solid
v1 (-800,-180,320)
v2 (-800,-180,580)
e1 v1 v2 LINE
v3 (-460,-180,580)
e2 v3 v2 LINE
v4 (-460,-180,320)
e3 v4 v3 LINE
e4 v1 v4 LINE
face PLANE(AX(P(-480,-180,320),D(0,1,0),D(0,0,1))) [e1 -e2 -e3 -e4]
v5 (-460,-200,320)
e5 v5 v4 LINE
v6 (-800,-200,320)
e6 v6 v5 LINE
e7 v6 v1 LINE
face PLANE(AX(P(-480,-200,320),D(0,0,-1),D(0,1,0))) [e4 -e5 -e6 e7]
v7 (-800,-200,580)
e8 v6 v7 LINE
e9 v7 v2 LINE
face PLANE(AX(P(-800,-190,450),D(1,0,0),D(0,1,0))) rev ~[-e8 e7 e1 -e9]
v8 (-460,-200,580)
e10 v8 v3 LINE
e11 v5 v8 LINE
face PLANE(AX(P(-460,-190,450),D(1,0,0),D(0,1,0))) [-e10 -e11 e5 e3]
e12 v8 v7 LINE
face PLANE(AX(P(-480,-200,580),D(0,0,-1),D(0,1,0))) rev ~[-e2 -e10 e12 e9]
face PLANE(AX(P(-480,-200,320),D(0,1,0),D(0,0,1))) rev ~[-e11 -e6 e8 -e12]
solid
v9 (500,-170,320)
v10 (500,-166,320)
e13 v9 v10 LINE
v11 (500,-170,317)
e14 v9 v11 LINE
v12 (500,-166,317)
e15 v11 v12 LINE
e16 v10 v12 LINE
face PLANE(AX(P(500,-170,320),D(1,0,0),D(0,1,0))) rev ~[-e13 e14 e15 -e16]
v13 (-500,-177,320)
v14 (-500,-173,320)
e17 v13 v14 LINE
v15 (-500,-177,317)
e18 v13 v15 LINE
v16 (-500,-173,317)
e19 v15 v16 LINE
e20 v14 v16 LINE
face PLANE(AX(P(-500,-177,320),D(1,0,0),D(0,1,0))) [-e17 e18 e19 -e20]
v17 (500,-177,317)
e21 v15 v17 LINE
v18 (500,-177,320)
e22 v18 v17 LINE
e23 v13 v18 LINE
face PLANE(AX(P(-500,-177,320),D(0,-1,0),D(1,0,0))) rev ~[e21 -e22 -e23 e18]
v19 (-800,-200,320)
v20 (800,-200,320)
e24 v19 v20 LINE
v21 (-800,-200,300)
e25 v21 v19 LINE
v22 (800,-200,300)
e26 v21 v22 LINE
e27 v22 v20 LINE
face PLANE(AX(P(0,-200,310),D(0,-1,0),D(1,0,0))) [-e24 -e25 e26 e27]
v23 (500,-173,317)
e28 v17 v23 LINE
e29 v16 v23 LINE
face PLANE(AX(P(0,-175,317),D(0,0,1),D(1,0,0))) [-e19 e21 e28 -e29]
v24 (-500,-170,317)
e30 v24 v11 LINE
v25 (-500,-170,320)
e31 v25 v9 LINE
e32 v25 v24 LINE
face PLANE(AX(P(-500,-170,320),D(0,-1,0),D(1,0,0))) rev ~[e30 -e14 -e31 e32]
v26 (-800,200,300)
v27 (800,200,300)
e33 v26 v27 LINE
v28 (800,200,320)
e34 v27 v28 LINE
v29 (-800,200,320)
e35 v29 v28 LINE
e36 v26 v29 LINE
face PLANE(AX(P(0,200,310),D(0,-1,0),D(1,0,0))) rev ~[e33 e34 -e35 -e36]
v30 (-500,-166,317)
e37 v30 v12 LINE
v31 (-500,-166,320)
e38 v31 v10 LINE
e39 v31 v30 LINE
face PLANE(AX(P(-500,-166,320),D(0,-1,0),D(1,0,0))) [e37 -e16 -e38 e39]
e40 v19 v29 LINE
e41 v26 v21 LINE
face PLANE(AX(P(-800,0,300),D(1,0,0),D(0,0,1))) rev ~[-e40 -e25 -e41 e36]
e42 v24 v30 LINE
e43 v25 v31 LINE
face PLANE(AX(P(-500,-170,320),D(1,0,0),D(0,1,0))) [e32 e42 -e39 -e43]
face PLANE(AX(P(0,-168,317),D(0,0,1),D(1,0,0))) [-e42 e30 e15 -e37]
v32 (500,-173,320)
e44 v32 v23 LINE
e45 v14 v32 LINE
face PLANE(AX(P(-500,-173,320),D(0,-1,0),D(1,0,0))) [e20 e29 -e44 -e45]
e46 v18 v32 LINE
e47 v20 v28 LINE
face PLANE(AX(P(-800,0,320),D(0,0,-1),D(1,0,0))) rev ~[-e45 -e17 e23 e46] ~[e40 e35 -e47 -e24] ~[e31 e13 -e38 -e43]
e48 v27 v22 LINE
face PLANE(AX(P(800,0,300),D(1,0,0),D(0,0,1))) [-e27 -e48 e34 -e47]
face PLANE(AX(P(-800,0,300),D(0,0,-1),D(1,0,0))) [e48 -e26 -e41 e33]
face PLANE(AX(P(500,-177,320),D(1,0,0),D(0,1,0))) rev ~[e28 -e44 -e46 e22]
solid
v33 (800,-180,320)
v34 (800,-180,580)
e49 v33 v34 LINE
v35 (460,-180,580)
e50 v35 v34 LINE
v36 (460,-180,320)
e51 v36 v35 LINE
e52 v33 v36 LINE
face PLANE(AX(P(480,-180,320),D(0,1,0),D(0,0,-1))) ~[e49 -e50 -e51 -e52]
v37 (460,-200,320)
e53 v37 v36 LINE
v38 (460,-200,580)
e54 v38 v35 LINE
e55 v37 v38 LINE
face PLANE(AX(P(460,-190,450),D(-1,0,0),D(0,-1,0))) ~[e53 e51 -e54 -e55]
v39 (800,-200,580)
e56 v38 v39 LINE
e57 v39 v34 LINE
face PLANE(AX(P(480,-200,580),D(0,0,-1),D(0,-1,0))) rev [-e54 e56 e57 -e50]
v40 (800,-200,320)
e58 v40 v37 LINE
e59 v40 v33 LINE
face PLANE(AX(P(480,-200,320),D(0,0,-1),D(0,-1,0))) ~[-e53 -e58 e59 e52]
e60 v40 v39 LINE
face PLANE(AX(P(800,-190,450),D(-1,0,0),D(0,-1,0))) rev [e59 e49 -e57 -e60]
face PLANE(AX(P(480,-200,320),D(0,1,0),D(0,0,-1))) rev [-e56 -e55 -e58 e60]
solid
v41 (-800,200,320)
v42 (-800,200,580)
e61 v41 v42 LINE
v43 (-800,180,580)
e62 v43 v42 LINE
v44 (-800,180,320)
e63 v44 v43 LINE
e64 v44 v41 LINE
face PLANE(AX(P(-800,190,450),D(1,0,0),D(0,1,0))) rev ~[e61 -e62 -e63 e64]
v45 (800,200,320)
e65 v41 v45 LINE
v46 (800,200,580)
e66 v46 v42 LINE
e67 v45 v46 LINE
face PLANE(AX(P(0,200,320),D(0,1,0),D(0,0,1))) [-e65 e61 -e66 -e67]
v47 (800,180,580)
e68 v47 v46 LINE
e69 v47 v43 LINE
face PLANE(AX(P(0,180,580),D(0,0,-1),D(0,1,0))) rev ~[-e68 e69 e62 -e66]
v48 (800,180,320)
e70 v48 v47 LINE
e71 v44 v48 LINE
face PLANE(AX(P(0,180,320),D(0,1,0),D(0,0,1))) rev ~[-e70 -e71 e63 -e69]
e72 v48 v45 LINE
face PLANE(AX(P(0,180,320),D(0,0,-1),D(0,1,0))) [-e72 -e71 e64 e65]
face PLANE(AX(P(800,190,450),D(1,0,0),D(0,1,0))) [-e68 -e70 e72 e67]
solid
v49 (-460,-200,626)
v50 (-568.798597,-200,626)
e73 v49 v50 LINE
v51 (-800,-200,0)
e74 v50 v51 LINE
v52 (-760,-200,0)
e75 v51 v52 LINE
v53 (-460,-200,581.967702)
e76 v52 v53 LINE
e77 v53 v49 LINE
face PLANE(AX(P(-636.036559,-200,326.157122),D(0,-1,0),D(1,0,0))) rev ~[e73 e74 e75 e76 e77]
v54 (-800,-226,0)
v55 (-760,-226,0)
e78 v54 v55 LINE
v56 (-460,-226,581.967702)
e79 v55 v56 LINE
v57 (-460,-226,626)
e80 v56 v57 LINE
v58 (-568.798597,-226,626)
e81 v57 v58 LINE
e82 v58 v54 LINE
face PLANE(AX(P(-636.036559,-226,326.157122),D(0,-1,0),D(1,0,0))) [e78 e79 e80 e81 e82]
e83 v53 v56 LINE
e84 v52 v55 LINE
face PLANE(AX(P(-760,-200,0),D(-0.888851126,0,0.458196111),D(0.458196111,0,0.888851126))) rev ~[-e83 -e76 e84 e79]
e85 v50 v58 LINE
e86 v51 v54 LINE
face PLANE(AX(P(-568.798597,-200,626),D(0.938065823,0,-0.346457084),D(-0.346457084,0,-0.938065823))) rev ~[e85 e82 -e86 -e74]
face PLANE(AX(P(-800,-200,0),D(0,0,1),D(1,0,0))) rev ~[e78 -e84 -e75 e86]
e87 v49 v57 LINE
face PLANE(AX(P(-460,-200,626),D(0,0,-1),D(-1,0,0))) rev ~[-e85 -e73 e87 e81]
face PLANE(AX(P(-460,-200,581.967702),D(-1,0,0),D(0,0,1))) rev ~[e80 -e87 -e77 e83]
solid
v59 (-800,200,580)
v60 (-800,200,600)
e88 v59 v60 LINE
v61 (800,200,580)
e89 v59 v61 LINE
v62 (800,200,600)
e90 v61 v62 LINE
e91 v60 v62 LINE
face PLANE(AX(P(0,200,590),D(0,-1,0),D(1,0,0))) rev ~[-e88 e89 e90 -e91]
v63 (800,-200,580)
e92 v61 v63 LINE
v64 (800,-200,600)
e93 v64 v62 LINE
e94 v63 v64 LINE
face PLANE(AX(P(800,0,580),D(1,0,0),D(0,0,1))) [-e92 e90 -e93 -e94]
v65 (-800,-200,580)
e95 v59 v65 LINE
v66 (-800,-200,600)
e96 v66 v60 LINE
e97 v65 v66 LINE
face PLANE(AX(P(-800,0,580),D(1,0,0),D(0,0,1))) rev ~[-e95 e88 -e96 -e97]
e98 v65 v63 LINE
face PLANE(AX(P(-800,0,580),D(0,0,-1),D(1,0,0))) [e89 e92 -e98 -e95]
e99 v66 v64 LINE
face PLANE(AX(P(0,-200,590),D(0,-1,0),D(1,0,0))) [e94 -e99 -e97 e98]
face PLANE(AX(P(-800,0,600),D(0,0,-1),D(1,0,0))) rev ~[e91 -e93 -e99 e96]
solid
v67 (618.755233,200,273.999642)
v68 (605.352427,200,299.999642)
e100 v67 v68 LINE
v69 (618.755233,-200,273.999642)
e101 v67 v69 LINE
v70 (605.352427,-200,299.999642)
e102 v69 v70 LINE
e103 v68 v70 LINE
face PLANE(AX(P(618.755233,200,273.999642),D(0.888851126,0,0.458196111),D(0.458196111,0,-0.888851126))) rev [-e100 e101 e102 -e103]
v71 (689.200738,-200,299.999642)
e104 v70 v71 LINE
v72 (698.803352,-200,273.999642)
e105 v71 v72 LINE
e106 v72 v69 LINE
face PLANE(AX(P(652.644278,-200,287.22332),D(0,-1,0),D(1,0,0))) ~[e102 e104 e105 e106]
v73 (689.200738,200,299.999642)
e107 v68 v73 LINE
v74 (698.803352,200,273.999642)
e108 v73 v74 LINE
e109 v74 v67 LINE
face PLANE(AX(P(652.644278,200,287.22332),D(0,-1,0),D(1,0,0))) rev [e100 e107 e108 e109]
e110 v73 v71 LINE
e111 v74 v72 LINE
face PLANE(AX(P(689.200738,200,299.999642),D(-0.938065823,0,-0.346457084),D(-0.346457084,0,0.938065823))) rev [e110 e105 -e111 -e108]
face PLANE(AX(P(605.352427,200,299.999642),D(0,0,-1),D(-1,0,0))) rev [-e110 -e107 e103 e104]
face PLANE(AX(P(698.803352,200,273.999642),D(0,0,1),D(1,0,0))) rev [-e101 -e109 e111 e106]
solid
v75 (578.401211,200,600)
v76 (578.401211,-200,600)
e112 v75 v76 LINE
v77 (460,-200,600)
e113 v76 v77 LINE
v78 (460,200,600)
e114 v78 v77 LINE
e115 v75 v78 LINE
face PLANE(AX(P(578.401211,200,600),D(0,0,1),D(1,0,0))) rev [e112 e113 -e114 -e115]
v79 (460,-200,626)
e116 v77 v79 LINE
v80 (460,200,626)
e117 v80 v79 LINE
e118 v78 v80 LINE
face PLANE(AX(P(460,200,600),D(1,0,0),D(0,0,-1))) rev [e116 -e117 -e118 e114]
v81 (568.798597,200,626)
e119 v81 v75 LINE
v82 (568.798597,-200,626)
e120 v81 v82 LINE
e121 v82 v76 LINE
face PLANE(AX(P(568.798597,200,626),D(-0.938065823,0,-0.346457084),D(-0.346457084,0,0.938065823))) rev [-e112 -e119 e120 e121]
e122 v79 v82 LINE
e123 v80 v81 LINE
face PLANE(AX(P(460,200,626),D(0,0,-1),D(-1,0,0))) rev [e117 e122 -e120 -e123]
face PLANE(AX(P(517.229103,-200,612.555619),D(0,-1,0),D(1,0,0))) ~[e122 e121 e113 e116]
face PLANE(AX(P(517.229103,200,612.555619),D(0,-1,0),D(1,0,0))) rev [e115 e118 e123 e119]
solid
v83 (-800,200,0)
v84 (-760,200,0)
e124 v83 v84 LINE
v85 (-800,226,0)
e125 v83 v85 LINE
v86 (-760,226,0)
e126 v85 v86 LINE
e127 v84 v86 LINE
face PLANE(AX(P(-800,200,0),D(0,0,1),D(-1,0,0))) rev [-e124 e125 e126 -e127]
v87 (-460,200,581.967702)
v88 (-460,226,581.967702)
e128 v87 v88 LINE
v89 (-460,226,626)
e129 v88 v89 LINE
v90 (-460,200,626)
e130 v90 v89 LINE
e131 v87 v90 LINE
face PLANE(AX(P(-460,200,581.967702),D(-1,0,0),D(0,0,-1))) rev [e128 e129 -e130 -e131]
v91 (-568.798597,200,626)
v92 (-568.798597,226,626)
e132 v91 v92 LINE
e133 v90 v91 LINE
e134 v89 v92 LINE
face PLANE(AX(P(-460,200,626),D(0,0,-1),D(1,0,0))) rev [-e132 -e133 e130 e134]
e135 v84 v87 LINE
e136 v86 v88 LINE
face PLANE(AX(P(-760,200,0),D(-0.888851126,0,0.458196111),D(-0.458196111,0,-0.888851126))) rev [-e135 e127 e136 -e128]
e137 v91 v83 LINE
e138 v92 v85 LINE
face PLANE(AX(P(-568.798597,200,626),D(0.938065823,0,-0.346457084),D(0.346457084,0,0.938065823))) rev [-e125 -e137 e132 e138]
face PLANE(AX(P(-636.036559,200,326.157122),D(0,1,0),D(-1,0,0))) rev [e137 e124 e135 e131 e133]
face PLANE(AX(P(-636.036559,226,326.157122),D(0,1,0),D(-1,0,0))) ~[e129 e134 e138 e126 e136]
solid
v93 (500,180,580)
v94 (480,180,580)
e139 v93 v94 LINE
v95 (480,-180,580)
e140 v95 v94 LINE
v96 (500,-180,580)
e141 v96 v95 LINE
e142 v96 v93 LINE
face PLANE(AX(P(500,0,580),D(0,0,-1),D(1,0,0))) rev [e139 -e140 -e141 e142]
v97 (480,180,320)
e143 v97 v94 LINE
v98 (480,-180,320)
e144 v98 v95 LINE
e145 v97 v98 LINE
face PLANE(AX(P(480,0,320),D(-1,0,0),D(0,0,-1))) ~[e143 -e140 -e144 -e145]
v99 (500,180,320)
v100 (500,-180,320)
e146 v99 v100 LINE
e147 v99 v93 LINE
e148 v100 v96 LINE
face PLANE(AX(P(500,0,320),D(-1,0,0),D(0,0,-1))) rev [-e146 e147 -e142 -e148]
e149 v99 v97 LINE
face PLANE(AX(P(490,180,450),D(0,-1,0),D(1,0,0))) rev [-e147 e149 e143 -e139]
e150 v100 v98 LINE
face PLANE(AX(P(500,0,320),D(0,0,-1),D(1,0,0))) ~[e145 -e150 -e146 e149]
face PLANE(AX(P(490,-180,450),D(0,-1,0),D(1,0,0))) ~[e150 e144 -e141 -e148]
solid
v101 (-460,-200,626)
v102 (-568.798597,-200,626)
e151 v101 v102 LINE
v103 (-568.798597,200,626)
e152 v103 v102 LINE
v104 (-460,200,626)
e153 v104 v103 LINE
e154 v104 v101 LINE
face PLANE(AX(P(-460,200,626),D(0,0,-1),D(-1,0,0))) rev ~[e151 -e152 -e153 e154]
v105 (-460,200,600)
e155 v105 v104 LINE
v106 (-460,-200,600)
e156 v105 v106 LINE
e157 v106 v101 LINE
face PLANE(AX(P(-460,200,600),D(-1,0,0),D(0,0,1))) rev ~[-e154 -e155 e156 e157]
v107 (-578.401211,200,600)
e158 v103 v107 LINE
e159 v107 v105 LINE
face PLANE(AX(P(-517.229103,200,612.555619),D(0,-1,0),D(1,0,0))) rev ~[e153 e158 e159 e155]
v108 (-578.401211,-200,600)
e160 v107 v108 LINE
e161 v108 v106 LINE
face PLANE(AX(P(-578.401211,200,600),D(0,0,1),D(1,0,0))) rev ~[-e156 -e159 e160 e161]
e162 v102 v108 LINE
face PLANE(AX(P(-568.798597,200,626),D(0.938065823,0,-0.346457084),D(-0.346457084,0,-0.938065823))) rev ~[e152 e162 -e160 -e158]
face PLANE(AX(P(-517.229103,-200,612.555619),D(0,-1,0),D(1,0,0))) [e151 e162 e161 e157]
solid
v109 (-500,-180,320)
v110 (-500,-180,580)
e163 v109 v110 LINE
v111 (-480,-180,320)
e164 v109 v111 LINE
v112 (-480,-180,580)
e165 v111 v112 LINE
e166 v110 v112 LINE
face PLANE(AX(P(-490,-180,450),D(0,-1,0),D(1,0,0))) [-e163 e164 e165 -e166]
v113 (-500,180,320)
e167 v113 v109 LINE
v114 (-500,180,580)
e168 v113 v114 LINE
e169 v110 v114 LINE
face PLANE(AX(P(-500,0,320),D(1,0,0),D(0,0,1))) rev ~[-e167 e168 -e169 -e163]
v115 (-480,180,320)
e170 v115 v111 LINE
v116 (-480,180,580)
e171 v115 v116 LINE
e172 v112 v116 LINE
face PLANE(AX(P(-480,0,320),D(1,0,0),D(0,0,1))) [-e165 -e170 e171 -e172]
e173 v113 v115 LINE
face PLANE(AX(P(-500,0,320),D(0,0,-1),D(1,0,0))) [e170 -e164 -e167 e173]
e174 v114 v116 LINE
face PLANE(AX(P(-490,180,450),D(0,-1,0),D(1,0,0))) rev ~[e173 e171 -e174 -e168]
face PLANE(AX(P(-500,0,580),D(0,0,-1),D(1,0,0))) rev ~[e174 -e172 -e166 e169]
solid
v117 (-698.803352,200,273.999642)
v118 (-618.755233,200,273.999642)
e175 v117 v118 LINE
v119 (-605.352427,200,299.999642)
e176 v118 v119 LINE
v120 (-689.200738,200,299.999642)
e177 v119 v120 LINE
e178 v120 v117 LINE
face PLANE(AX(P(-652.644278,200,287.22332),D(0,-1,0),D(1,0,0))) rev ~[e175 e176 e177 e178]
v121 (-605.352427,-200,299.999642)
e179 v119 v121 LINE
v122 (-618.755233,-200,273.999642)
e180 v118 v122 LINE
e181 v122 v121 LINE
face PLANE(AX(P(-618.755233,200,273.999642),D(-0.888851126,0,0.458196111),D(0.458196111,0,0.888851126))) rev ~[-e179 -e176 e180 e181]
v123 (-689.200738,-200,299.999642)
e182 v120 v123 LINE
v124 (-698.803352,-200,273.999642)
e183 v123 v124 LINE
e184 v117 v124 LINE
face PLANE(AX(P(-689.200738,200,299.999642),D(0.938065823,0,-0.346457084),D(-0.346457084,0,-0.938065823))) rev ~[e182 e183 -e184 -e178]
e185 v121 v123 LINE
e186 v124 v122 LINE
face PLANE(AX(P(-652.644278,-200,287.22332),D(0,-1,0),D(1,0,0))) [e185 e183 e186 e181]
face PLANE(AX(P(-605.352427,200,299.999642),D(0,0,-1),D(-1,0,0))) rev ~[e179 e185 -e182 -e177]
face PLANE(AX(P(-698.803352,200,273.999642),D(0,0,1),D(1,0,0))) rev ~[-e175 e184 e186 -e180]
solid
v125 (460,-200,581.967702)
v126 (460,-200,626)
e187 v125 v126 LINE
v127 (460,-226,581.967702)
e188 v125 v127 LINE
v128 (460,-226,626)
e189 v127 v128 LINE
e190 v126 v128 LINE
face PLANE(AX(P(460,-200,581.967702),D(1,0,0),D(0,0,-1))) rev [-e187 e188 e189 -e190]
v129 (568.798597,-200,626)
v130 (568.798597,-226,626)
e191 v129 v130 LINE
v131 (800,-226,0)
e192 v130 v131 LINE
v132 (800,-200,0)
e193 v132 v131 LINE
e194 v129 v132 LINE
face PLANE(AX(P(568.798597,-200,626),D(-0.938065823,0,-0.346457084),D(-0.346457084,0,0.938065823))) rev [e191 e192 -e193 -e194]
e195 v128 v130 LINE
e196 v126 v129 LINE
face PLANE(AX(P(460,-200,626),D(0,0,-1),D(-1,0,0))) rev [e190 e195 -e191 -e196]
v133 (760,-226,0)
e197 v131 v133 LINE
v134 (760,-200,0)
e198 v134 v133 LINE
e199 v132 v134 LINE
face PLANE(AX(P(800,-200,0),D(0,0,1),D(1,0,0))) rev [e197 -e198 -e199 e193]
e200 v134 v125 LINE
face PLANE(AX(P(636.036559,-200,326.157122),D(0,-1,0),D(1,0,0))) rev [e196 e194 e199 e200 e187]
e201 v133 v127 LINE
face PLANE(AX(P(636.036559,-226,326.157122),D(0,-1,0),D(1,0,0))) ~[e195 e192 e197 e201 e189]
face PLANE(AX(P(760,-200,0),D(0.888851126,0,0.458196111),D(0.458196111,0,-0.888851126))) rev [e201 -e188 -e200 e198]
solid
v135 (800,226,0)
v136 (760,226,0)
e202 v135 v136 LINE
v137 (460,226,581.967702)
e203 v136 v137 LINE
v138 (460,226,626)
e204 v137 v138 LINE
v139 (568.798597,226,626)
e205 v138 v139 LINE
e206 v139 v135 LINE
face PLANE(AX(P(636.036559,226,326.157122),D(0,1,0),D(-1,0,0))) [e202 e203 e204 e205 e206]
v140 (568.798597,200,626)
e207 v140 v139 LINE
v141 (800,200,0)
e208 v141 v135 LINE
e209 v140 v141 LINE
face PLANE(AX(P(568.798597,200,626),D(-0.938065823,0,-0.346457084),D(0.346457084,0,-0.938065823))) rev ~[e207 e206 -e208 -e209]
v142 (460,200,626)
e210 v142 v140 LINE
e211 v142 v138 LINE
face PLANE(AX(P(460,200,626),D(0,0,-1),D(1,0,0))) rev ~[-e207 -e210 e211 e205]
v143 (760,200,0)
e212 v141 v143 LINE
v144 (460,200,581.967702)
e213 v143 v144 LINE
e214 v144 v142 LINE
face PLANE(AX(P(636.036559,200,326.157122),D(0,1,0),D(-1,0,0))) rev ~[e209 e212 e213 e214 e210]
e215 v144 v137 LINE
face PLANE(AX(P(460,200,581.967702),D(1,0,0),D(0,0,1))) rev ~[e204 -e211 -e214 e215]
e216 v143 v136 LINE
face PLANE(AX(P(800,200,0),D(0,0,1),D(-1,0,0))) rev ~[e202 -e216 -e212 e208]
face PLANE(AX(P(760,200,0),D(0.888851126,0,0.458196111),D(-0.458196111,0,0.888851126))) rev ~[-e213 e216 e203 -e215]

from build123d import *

# Parameters (mm, degrees)
F5_W           = 1600
F5_H           = 20
F6_DEPTH       = 200
F7_W           = 20
F7_H           = 260
F8_DEPTH       = 800
F9_W           = 20
F9_H           = 260
F10_DEPTH      = 180
F12_W          = 20
F12_H          = 260
F13_DEPTH      = 20
F13_DEPTH_BACK = 320
F15_W          = 1000
F15_H          = 4
F16_DEPTH      = 3
F18_DEPTH      = 26
F23_DEPTH      = 400
F26_DEPTH      = 400


with BuildPart() as f6:
    # F5 (on Front) → F6 (new body, symmetric)
    with BuildSketch(Plane.XZ):
        with Locations((0, 590)):
            Rectangle(F5_W, F5_H)
    extrude(amount=F6_DEPTH, both=True)


with BuildPart() as f6b:
    # F5 (on Front) → F6, piece 2 (new body, symmetric)
    with BuildSketch(Plane.XZ):
        with Locations((0, 310)):
            Rectangle(F5_W, F5_H)
    extrude(amount=F6_DEPTH, both=True)

    # F15 (on face) → F16 (cut)
    with BuildSketch(Plane.XY.offset(320)):
        with Locations((0, -175)):
            Rectangle(F15_W, F15_H)
        with Locations((0, -168)):
            Rectangle(F15_W, F15_H)
    extrude(amount=-F16_DEPTH, mode=Mode.SUBTRACT)


with BuildPart() as f8:
    # F7 (on Right) → F8 (new body, symmetric)
    with BuildSketch(Plane.YZ):
        with Locations((190, 450)):
            Rectangle(F7_W, F7_H)
    extrude(amount=F8_DEPTH, both=True)


with BuildPart() as f10:
    # F9 (on Front) → F10 (new body, symmetric)
    with BuildSketch(Plane.XZ):
        with Locations((-490, 450)):
            Rectangle(F9_W, F9_H)
    extrude(amount=F10_DEPTH, both=True)


with BuildPart() as f11_1:
    # F11: instance of F10
    add(f10.part.mirror(Plane.YZ))


with BuildPart() as f13:
    # F12 (on face) → F13 (new body, two sides)
    with BuildSketch(Plane.YZ.offset(-480)) as f13_sk:
        with Locations((-190, 450)):
            Rectangle(F12_W, F12_H)
    extrude(amount=F13_DEPTH)
    extrude(f13_sk.sketch, amount=-F13_DEPTH_BACK)


with BuildPart() as f14_1:
    # F14: instance of F13
    add(f13.part.mirror(Plane.YZ))


with BuildPart() as f18:
    # F17 (on face) → F18 (new body)
    with BuildSketch(Plane.XZ.offset(200)):
        Polygon((-568.7985971229, 626), (-800, 0), (-760, 0), (-460, 581.9677017772), (-460, 626), align=None)
    extrude(amount=F18_DEPTH)


with BuildPart() as f19_1:
    # F19: instance of F18
    add(f18.part.mirror(Plane.YZ))


with BuildPart() as f20_1:
    # F20: instance of F18
    add(f18.part.mirror(Plane.XZ))


with BuildPart() as f21_1:
    # F21: instance of F19_1
    add(f19_1.part.mirror(Plane.XZ))


with BuildPart() as f23:
    # F22 (on face) → F23 (new body, through all)
    with BuildSketch(Plane.XZ.offset(-200)):
        Polygon((-568.7985971229, 626), (-578.4012112999, 600), (-460, 600), (-460, 626), align=None)
    extrude(amount=F23_DEPTH)


with BuildPart() as f24_1:
    # F24: instance of F23
    add(f23.part.mirror(Plane.YZ))


with BuildPart() as f26:
    # F25 (on face) → F26 (new body, through all)
    with BuildSketch(Plane.XZ.offset(-200)):
        Polygon((-605.3524269362, 299.9996422712), (-689.2007377704, 299.9996422712), (-698.8033519474, 273.9996422712), (-618.7552325836, 273.9996422712), align=None)
    extrude(amount=F26_DEPTH)


with BuildPart() as f27_1:
    # F27: instance of F26
    add(f26.part.mirror(Plane.YZ))


solid = Compound([f6.part, f6b.part, f8.part, f10.part, f11_1.part, f13.part, f14_1.part, f18.part, f19_1.part, f20_1.part, f21_1.part, f23.part, f24_1.part, f26.part, f27_1.part])
